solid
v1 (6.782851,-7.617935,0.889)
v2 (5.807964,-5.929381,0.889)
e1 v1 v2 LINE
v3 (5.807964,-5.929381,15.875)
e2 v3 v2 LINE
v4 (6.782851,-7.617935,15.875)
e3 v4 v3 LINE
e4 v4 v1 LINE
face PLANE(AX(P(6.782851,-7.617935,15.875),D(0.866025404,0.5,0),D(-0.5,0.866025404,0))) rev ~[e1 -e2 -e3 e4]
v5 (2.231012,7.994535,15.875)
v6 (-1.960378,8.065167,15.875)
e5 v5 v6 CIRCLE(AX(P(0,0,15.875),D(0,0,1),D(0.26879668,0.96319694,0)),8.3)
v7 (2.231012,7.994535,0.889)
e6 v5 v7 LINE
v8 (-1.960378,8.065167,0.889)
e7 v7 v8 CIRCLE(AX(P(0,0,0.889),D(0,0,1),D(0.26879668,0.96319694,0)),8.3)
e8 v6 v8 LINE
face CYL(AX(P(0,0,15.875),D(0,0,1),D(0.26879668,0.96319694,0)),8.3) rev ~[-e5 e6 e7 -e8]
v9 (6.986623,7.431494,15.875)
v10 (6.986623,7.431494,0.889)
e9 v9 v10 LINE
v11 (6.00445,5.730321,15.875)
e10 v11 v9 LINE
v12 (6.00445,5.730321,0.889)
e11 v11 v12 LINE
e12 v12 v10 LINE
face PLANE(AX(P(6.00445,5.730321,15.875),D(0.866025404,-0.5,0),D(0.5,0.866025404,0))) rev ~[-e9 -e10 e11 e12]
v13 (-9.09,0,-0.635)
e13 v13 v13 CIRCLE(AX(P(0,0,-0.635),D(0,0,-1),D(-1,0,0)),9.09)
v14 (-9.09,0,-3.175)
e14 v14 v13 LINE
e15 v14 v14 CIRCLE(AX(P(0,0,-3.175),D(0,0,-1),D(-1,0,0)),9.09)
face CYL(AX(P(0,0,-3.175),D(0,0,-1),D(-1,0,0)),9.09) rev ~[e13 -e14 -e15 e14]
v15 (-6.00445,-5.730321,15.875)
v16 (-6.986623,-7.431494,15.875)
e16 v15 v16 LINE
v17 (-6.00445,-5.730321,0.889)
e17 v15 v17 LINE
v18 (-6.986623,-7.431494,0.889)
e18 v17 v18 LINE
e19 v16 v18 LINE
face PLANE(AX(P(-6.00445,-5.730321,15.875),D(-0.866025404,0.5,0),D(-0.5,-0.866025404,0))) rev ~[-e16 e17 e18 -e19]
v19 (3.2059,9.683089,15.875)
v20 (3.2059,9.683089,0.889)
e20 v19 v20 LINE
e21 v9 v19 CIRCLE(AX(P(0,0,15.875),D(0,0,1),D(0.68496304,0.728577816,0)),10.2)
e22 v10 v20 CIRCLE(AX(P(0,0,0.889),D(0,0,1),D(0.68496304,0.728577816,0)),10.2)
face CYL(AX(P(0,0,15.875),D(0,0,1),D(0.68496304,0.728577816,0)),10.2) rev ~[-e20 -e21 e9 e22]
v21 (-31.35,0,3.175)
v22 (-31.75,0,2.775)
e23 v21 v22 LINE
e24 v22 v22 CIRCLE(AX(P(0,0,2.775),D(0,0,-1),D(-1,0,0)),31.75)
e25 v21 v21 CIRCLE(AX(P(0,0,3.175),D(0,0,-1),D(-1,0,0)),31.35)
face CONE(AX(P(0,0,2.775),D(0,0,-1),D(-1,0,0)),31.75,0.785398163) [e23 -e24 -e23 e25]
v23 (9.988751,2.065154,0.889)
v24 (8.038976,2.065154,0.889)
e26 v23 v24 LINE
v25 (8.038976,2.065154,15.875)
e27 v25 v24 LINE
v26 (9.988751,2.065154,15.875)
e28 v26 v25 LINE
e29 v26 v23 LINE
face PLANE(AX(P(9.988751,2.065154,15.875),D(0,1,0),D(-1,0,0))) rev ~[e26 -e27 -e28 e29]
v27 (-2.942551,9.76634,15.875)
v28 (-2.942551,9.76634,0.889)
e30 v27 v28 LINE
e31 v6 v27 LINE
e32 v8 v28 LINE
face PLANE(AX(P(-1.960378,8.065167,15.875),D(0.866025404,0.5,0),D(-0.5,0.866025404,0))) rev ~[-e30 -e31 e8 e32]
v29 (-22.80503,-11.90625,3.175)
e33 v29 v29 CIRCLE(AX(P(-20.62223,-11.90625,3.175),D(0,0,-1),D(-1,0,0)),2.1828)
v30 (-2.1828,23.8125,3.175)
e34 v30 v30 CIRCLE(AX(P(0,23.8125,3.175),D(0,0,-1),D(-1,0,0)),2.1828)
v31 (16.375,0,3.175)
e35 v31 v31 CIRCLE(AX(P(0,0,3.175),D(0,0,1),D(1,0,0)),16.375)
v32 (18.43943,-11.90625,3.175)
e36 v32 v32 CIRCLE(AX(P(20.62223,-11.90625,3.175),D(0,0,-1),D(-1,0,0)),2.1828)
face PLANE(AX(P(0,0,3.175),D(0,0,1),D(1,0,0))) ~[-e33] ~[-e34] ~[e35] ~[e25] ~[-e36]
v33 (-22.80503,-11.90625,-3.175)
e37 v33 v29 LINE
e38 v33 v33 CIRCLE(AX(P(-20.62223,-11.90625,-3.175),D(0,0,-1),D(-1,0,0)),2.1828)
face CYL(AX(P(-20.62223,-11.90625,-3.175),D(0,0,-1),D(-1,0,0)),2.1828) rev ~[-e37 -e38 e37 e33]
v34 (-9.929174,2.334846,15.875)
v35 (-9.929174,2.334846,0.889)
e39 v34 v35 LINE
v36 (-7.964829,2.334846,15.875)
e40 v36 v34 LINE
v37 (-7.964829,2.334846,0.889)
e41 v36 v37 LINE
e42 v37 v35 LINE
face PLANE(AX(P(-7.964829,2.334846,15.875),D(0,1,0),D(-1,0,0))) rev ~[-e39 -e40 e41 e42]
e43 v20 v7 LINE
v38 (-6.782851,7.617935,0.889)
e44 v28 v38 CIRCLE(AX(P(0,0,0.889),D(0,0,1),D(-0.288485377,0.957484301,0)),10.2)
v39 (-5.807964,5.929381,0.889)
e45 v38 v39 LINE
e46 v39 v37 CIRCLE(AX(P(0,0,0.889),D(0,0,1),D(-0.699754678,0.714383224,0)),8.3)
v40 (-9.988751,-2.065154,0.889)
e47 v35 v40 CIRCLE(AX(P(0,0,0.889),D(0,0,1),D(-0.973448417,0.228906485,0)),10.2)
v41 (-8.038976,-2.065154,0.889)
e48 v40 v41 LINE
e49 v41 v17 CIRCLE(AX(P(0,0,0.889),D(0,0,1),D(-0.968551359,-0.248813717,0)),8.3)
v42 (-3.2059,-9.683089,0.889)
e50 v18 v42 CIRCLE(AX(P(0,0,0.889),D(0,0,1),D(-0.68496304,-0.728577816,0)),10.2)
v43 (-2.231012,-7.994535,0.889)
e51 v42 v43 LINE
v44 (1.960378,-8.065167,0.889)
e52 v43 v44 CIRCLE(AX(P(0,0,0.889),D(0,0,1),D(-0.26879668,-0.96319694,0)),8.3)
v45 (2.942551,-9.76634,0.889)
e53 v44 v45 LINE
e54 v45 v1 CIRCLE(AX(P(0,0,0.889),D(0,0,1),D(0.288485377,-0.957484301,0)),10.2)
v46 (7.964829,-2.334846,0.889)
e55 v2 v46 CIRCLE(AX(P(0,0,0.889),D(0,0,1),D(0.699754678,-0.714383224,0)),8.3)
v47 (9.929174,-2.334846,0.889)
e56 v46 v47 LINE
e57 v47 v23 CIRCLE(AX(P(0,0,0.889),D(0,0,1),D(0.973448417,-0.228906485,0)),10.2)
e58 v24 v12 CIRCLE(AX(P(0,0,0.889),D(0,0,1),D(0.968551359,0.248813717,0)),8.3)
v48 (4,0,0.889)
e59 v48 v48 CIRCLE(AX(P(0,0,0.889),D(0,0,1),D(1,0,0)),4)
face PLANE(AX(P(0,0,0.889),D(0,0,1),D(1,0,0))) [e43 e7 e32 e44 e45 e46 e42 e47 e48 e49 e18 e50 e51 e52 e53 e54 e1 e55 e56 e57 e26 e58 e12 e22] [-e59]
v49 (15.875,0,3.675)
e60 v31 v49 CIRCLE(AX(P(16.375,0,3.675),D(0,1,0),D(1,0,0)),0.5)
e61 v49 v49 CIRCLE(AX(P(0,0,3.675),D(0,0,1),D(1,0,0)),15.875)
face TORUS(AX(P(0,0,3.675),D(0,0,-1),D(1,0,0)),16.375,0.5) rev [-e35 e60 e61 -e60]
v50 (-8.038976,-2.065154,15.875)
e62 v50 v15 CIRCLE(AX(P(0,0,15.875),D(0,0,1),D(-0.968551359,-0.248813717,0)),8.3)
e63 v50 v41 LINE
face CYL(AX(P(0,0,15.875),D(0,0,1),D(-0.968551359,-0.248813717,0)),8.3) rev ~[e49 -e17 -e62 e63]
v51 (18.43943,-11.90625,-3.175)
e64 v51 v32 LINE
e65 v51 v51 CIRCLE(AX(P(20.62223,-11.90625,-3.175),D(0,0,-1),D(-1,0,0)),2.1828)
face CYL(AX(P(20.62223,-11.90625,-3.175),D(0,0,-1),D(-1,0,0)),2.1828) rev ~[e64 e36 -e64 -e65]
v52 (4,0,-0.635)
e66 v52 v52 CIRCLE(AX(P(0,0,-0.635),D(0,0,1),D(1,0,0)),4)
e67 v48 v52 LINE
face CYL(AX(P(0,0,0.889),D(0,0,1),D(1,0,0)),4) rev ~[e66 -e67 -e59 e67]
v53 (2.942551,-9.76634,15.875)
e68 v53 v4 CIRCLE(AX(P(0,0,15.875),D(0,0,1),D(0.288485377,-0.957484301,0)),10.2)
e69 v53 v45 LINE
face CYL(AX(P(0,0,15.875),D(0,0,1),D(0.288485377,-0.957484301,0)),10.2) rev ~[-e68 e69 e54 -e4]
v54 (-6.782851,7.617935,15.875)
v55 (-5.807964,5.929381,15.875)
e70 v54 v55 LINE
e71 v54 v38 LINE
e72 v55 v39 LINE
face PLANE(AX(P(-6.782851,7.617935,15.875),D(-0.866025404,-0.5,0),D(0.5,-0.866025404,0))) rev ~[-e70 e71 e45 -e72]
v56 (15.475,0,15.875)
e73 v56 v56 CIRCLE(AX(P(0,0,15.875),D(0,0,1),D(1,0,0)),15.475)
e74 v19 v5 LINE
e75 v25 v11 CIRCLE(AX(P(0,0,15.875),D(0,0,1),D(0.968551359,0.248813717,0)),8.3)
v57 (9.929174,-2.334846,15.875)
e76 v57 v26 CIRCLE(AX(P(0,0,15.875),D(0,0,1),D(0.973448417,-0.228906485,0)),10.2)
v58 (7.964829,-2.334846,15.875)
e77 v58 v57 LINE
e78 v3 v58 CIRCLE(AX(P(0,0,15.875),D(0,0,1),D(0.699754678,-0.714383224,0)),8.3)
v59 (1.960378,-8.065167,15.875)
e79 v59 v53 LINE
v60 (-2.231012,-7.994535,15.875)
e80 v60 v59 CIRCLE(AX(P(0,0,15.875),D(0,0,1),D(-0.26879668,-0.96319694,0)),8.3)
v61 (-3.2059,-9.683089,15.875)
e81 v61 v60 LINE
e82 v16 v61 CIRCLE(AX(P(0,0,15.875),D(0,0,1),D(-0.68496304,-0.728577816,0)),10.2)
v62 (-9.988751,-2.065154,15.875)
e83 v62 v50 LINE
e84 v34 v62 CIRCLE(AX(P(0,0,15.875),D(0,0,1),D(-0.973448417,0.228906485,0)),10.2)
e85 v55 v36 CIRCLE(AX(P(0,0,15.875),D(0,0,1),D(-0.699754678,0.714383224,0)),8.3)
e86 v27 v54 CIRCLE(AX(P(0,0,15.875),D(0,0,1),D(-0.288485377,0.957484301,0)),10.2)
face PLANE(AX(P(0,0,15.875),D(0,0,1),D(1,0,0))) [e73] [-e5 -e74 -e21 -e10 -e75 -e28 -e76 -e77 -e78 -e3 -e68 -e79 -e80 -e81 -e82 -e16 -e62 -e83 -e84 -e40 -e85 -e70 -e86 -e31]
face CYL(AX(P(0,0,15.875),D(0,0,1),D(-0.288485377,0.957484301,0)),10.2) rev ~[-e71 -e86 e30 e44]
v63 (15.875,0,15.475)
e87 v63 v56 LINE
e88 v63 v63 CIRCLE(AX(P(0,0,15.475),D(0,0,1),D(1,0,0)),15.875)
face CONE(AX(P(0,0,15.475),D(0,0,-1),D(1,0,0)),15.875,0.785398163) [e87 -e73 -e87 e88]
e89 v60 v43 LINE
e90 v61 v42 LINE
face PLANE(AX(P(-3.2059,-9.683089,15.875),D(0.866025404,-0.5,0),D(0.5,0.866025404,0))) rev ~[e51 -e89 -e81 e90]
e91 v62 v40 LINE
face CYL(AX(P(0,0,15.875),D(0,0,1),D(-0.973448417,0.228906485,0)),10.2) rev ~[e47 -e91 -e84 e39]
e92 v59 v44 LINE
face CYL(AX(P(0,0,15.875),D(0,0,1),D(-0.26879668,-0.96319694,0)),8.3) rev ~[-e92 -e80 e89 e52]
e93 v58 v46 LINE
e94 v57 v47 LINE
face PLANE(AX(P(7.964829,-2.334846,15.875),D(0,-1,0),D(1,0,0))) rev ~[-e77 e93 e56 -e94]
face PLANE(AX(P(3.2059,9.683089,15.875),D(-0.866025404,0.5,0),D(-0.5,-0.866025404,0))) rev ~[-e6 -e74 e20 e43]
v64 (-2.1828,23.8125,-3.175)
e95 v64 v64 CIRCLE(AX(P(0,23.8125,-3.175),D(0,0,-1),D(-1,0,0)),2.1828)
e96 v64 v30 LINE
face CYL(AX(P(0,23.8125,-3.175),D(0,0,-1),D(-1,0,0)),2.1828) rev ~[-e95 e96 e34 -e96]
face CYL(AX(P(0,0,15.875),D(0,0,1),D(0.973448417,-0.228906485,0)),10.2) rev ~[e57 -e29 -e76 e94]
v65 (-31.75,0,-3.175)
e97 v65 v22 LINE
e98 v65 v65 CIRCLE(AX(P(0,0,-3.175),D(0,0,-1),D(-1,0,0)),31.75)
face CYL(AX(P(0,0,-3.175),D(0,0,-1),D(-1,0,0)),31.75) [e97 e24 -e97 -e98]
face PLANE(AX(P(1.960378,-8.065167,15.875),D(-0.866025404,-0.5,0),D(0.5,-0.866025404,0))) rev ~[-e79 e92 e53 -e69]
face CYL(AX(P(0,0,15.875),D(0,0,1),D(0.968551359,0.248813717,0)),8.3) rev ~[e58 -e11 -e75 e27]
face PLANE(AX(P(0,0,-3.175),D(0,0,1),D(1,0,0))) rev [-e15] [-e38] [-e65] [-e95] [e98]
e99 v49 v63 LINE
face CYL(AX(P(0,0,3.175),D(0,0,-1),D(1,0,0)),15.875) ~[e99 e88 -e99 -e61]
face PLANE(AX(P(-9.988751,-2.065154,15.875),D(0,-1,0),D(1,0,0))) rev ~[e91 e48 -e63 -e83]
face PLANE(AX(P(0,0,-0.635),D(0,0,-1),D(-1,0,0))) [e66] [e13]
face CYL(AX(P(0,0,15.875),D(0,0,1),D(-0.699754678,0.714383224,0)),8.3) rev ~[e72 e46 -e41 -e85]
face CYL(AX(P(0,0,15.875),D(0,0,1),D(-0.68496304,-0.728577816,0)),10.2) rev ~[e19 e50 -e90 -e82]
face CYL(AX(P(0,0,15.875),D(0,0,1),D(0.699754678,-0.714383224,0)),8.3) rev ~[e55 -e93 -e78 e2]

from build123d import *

# Parameters (mm, degrees)
SKETCH1_W           = 38.1
SKETCH1_H           = 6.35
SKETCH2_R           = 15.875
BOSS_EXTRUDE1_DEPTH = 12.7
CUT_EXTRUDE1_DEPTH  = 14.986
SKETCH10_R          = 4
CUT_EXTRUDE3_DEPTH  = 10
FILLET2_R           = 0.5
SKETCH12_R          = 38.1
SKETCH12_R_2        = 31.75
SKETCH12_R_3        = 2.1828
CUT_EXTRUDE8_DEPTH  = 10
CHAMFER1_SIZE       = 0.4
SKETCH13_R          = 9.09
CUT_EXTRUDE9_DEPTH  = 2.54
CUT_EXTRUDE10_DEPTH = 14.986


with BuildPart() as part:
    # Sketch1 → Revolve1 (revolve)
    with BuildSketch(Plane(origin=(0, 0, 0), x_dir=(1, 0, 0), z_dir=(0, 1, 0))):
        with Locations((19.05, 0)):
            Rectangle(SKETCH1_W, SKETCH1_H)
    revolve(axis=Axis((0, 0, -3.175), (0, 0, 1)))

    # Sketch2 → Boss-Extrude1 (add)
    with BuildSketch(Plane.XY.offset(3.175)):
        Circle(SKETCH2_R)
    extrude(amount=BOSS_EXTRUDE1_DEPTH)

    # Sketch3 → Cut-Extrude1 (cut)
    with BuildSketch(Plane.XY.offset(15.875)):
        with BuildLine():
            Line((-7.813605563, 2.134846154), (-9.769464259, 2.134846154))
            ThreePointArc((-9.769464259, 2.134846154), (-9.999052891, 0.137627323), (-9.824520402, -1.865153846))
            Line((-9.824520402, -1.865153846), (-7.882334751, -1.865153846))
            ThreePointArc((-7.882334751, -1.865153846), (-7.083348537, -3.928889601), (-5.755633784, -5.699357836))
            Line((-5.755633784, -5.699357836), (-6.733563132, -7.393181152))
            ThreePointArc((-6.733563132, -7.393181152), (-5.118715203, -8.590620156), (-3.296989588, -9.440861171))
            Line((-3.296989588, -9.440861171), (-2.325896763, -7.758879059))
            ThreePointArc((-2.325896763, -7.758879059), (-0.139156065, -8.098804578), (2.057971779, -7.83420399))
            Line((2.057971779, -7.83420399), (3.035901127, -9.528027306))
            ThreePointArc((3.035901127, -9.528027306), (4.880337688, -8.728247479), (6.527530814, -7.575707325))
            Line((6.527530814, -7.575707325), (5.556437988, -5.893725213))
            ThreePointArc((5.556437988, -5.893725213), (6.944192472, -4.169914977), (7.813605563, -2.134846154))
            Line((7.813605563, -2.134846154), (9.769464259, -2.134846154))
            ThreePointArc((9.769464259, -2.134846154), (9.999052891, -0.137627323), (9.824520402, 1.865153846))
            Line((9.824520402, 1.865153846), (7.882334751, 1.865153846))
            ThreePointArc((7.882334751, 1.865153846), (7.083348537, 3.928889601), (5.755633784, 5.699357836))
            Line((5.755633784, 5.699357836), (6.733563132, 7.393181152))
            ThreePointArc((6.733563132, 7.393181152), (5.118715203, 8.590620156), (3.296989588, 9.440861171))
            Line((3.296989588, 9.440861171), (2.325896763, 7.758879059))
            ThreePointArc((2.325896763, 7.758879059), (0.139156065, 8.098804578), (-2.057971779, 7.83420399))
            Line((-2.057971779, 7.83420399), (-3.035901127, 9.528027306))
            ThreePointArc((-3.035901127, 9.528027306), (-4.880337688, 8.728247479), (-6.527530814, 7.575707325))
            Line((-6.527530814, 7.575707325), (-5.556437988, 5.893725213))
            ThreePointArc((-5.556437988, 5.893725213), (-6.944192472, 4.169914977), (-7.813605563, 2.134846154))
        make_face()
    extrude(amount=-CUT_EXTRUDE1_DEPTH, mode=Mode.SUBTRACT)

    # Sketch10 → Cut-Extrude3 (cut)
    with BuildSketch(Plane.XY.offset(0.889)):
        Circle(SKETCH10_R)
    extrude(amount=-CUT_EXTRUDE3_DEPTH, mode=Mode.SUBTRACT)

    # Fillet2
    fillet2_edges = [part.edges().sort_by_distance(p)[0] for p in [
        (-15.875, 0, 3.175),
    ]]
    fillet(fillet2_edges, radius=FILLET2_R)

    # Sketch12 → Cut-Extrude8 (cut)
    # profile 1 of 4: a face of its own
    with BuildSketch(Plane(origin=(0, 0, -3.175), x_dir=(-1, 0, 0), z_dir=(0, 0, -1))):
        Circle(SKETCH12_R)
        Circle(SKETCH12_R_2, mode=Mode.SUBTRACT)
    # profile 2 of 4: a face of its own
    with BuildSketch(Plane(origin=(0, 0, -3.175), x_dir=(-1, 0, 0), z_dir=(0, 0, -1))):
        with Locations((0, 23.8125)):
            Circle(SKETCH12_R_3)
    # profile 3 of 4: a face of its own
    with BuildSketch(Plane(origin=(0, 0, -3.175), x_dir=(-1, 0, 0), z_dir=(0, 0, -1))):
        with Locations((-20.622229928, -11.90625)):
            Circle(SKETCH12_R_3)
    # profile 4 of 4: a face of its own
    with BuildSketch(Plane(origin=(0, 0, -3.175), x_dir=(-1, 0, 0), z_dir=(0, 0, -1))):
        with Locations((20.622229928, -11.90625)):
            Circle(SKETCH12_R_3)
    extrude(amount=-CUT_EXTRUDE8_DEPTH, mode=Mode.SUBTRACT)

    # Chamfer1
    chamfer1_edges = [part.edges().sort_by_distance(p)[0] for p in [
        (31.75, 0, 3.175),
        (-15.875, 0, 15.875),
    ]]
    chamfer(chamfer1_edges, length=CHAMFER1_SIZE)

    # Sketch13 → Cut-Extrude9 (cut)
    with BuildSketch(Plane(origin=(0, 0, -3.175), x_dir=(-1, 0, 0), z_dir=(0, 0, -1))):
        Circle(SKETCH13_R)
    extrude(amount=-CUT_EXTRUDE9_DEPTH, mode=Mode.SUBTRACT)

    # Sketch11 → Cut-Extrude10 (cut)
    with BuildSketch(Plane.XY.offset(15.875)):
        with BuildLine():
            Line((-6.78285102, 7.617934894), (-5.807963832, 5.929380754))
            ThreePointArc((-5.807963832, 5.929380754), (-7.117065553, 4.270524315), (-7.964828525, 2.334846154))
            Line((-7.964828525, 2.334846154), (-9.929173855, 2.334846154))
            ThreePointArc((-9.929173855, 2.334846154), (-10.199065112, 0.13809719), (-9.988750652, -2.065153846))
            Line((-9.988750652, -2.065153846), (-8.038976278, -2.065153846))
            ThreePointArc((-8.038976278, -2.065153846), (-7.25691532, -4.028297412), (-6.004450346, -5.730320763))
            Line((-6.004450346, -5.730320763), (-6.986623011, -7.43149372))
            ThreePointArc((-6.986623011, -7.43149372), (-5.219128231, -8.763600887), (-3.205899633, -9.68308874))
            Line((-3.205899633, -9.68308874), (-2.231012445, -7.9945346))
            ThreePointArc((-2.231012445, -7.9945346), (-0.139849768, -8.298821726), (1.96037818, -8.065166917))
            Line((1.96037818, -8.065166917), (2.942550844, -9.766339874))
            ThreePointArc((2.942550844, -9.766339874), (4.979936881, -8.901698077), (6.78285102, -7.617934894))
            Line((6.78285102, -7.617934894), (5.807963832, -5.929380754))
            ThreePointArc((5.807963832, -5.929380754), (7.117065553, -4.270524315), (7.964828525, -2.334846154))
            Line((7.964828525, -2.334846154), (9.929173855, -2.334846154))
            ThreePointArc((9.929173855, -2.334846154), (10.199065112, -0.13809719), (9.988750652, 2.065153846))
            Line((9.988750652, 2.065153846), (8.038976278, 2.065153846))
            ThreePointArc((8.038976278, 2.065153846), (7.25691532, 4.028297412), (6.004450346, 5.730320763))
            Line((6.004450346, 5.730320763), (6.986623011, 7.43149372))
            ThreePointArc((6.986623011, 7.43149372), (5.219128231, 8.763600887), (3.205899633, 9.68308874))
            Line((3.205899633, 9.68308874), (2.231012445, 7.9945346))
            ThreePointArc((2.231012445, 7.9945346), (0.139849768, 8.298821726), (-1.96037818, 8.065166917))
            Line((-1.96037818, 8.065166917), (-2.942550844, 9.766339874))
            ThreePointArc((-2.942550844, 9.766339874), (-4.979936881, 8.901698077), (-6.78285102, 7.617934894))
        make_face()
        with BuildLine():
            Line((-9.769464259, 2.134846154), (-7.813605563, 2.134846154))
            ThreePointArc((-7.813605563, 2.134846154), (-6.944192472, 4.169914977), (-5.556437988, 5.893725213))
            Line((-5.556437988, 5.893725213), (-6.527530814, 7.575707325))
            ThreePointArc((-6.527530814, 7.575707325), (-4.880337688, 8.728247479), (-3.035901127, 9.528027306))
            Line((-3.035901127, 9.528027306), (-2.057971779, 7.83420399))
            ThreePointArc((-2.057971779, 7.83420399), (0.139156065, 8.098804578), (2.325896763, 7.758879059))
            Line((2.325896763, 7.758879059), (3.296989588, 9.440861171))
            ThreePointArc((3.296989588, 9.440861171), (5.118715203, 8.590620156), (6.733563132, 7.393181152))
            Line((6.733563132, 7.393181152), (5.755633784, 5.699357836))
            ThreePointArc((5.755633784, 5.699357836), (7.083348537, 3.928889601), (7.882334751, 1.865153846))
            Line((7.882334751, 1.865153846), (9.824520402, 1.865153846))
            ThreePointArc((9.824520402, 1.865153846), (9.999052891, -0.137627323), (9.769464259, -2.134846154))
            Line((9.769464259, -2.134846154), (7.813605563, -2.134846154))
            ThreePointArc((7.813605563, -2.134846154), (6.944192472, -4.169914977), (5.556437988, -5.893725213))
            Line((5.556437988, -5.893725213), (6.527530814, -7.575707325))
            ThreePointArc((6.527530814, -7.575707325), (4.880337688, -8.728247479), (3.035901127, -9.528027306))
            Line((3.035901127, -9.528027306), (2.057971779, -7.83420399))
            ThreePointArc((2.057971779, -7.83420399), (-0.139156065, -8.098804578), (-2.325896763, -7.758879059))
            Line((-2.325896763, -7.758879059), (-3.296989588, -9.440861171))
            ThreePointArc((-3.296989588, -9.440861171), (-5.118715203, -8.590620156), (-6.733563132, -7.393181152))
            Line((-6.733563132, -7.393181152), (-5.755633784, -5.699357836))
            ThreePointArc((-5.755633784, -5.699357836), (-7.083348537, -3.928889601), (-7.882334751, -1.865153846))
            Line((-7.882334751, -1.865153846), (-9.824520402, -1.865153846))
            ThreePointArc((-9.824520402, -1.865153846), (-9.999052891, 0.137627323), (-9.769464259, 2.134846154))
        make_face(mode=Mode.SUBTRACT)
    extrude(amount=-CUT_EXTRUDE10_DEPTH, mode=Mode.SUBTRACT)


solid = part.part
